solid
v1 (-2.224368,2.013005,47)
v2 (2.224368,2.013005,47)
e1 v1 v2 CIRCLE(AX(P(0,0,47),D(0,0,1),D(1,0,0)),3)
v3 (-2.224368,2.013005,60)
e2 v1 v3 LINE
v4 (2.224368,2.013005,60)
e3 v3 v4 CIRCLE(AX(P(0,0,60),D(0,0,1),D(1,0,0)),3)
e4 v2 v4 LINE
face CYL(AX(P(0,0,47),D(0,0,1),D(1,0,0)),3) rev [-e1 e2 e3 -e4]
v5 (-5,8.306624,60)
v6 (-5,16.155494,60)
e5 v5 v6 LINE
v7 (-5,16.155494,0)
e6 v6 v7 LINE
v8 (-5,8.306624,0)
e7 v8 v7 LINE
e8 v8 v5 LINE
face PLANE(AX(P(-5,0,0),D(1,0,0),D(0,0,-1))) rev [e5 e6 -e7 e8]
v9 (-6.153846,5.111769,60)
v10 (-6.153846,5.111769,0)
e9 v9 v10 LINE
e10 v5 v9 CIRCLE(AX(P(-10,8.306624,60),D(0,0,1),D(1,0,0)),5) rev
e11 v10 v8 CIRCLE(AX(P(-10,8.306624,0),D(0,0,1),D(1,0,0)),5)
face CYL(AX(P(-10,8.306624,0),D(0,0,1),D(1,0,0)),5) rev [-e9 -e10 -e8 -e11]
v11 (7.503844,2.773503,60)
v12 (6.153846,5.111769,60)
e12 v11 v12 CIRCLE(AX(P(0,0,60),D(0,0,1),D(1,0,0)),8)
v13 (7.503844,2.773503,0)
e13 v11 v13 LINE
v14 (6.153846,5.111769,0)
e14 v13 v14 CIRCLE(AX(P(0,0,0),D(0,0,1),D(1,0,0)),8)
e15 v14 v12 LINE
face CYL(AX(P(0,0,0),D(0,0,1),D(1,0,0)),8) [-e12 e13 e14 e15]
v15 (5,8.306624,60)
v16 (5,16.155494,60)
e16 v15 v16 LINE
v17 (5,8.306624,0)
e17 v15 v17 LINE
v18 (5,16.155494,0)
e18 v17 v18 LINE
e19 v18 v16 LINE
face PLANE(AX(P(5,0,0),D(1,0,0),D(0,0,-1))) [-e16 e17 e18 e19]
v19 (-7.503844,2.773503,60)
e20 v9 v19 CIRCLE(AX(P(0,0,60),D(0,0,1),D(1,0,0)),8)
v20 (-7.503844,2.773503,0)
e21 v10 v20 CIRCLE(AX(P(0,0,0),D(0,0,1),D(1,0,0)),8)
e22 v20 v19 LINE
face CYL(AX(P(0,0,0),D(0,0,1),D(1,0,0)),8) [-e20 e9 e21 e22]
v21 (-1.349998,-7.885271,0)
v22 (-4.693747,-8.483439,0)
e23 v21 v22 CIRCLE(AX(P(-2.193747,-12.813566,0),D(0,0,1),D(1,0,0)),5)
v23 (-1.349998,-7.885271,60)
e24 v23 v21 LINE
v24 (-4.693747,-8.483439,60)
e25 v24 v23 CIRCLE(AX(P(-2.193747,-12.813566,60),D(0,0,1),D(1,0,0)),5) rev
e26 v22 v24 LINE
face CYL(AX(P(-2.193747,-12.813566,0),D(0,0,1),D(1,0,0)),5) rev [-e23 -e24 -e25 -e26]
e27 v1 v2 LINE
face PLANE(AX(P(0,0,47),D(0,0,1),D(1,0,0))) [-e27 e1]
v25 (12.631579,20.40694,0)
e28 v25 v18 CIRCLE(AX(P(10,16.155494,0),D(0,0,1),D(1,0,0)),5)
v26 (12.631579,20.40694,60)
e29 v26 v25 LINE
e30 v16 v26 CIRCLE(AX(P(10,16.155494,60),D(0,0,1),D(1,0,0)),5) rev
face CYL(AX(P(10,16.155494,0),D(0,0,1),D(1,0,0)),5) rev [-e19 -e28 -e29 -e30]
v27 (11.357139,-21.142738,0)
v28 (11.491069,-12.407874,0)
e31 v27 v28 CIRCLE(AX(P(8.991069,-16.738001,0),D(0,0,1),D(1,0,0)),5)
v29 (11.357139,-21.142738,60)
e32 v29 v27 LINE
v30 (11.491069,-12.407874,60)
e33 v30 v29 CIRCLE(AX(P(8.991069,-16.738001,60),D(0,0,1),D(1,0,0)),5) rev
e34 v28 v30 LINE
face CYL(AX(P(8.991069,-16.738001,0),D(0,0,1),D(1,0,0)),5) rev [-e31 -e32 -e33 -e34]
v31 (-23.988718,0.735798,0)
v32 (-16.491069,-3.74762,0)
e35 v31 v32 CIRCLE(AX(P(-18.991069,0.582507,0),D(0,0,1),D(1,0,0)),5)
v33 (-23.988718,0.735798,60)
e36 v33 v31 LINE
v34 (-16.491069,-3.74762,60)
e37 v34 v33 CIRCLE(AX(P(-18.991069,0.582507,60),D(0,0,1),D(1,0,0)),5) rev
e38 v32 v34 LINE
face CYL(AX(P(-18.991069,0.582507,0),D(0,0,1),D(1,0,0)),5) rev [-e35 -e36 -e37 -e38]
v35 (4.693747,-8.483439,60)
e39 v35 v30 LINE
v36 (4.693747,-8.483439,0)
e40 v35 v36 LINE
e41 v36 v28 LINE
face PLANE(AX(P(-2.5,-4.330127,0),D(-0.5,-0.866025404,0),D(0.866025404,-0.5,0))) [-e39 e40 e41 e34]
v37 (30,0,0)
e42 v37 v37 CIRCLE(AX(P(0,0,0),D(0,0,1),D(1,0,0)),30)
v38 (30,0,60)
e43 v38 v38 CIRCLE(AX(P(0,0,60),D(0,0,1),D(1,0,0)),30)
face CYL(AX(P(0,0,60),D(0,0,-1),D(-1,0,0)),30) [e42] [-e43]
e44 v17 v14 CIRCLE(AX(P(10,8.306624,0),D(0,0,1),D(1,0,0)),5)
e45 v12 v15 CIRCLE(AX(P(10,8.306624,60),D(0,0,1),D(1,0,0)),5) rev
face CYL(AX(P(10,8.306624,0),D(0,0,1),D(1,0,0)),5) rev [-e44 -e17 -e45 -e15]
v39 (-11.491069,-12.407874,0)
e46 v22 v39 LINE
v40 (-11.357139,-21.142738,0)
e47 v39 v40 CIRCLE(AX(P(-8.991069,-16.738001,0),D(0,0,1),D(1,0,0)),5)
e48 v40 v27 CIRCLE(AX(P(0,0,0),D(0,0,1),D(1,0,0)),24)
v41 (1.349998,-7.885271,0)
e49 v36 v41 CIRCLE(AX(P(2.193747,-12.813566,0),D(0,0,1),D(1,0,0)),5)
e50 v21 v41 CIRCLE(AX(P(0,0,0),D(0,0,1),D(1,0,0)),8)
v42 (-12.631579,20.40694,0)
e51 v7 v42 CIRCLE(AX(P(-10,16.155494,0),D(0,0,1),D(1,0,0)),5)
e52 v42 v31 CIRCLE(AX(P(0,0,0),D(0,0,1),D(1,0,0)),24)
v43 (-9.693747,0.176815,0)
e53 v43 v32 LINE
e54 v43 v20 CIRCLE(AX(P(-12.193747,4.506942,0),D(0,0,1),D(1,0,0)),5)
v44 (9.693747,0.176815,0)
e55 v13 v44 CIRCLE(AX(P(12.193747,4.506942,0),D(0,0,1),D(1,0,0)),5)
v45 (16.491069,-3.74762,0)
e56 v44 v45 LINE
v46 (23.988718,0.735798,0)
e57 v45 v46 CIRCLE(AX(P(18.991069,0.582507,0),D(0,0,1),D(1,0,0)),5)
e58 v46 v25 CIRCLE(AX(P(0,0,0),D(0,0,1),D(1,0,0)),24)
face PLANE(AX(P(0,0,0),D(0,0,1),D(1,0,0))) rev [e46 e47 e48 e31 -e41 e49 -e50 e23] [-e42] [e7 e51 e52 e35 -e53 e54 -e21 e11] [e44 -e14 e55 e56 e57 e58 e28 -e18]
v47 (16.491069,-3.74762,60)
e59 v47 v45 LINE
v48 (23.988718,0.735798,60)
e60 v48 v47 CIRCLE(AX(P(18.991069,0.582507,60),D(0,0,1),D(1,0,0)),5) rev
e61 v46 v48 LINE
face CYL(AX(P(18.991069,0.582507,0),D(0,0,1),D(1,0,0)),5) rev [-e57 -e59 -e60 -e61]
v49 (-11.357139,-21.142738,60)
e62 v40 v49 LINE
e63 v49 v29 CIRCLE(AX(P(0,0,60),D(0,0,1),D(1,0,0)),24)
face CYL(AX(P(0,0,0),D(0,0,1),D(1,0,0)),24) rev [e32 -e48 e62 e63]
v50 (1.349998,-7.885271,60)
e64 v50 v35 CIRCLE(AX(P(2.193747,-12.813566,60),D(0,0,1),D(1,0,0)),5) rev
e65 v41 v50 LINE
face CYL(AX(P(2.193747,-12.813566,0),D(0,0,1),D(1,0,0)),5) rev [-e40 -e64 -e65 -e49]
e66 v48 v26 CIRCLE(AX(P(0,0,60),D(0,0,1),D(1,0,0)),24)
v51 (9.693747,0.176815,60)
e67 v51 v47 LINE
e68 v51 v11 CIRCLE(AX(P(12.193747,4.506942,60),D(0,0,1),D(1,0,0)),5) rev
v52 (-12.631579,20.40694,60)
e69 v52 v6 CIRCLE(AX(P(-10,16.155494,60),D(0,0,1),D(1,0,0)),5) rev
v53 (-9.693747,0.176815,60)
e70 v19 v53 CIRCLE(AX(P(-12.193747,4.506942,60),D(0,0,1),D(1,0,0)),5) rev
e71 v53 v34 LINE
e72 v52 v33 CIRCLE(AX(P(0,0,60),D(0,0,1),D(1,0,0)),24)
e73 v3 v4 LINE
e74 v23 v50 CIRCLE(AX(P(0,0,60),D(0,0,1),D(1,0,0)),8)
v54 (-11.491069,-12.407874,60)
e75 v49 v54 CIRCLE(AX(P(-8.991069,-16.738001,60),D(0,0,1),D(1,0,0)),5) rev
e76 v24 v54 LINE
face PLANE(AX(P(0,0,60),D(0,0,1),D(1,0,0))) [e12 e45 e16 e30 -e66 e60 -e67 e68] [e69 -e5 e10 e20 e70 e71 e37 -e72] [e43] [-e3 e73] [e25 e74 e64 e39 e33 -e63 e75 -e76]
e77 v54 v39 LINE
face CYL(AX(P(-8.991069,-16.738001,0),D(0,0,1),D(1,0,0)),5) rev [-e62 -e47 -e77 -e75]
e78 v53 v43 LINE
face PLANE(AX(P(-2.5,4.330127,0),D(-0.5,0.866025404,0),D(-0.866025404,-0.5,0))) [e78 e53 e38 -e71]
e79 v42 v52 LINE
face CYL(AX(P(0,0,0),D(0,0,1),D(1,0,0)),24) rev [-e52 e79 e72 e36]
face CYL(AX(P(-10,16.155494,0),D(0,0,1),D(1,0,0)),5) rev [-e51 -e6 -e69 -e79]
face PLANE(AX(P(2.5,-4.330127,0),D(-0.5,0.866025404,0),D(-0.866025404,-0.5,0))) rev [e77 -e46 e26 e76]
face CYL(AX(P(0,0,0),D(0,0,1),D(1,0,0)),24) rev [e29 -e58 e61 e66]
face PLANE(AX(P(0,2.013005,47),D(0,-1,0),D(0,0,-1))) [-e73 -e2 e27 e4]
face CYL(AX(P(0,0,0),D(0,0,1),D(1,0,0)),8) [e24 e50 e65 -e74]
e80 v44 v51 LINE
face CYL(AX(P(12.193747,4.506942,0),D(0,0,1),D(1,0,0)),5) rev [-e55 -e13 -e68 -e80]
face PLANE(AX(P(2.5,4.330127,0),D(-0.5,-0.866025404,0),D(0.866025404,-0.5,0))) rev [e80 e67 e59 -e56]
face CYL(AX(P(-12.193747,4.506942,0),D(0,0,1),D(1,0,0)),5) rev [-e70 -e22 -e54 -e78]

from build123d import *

# Parameters (mm, degrees)
SZKIC1_R                        = 30
DODANIE_WYCI_GNI_CIE1_DEPTH     = 60
WYTNIJ_WYCI_GNI_CIE1_DEPTH      = 74.484692283
WYTNIJ_WYCI_GNI_CIE1_DEPTH_BACK = 13
WYTNIJ_WYCI_GNI_CIE4_DEPTH      = 74.484692283
ZAOKR_GLENIE2_R                 = 5


with BuildPart() as part:
    # Szkic1 → Dodanie-wyciągnięcie1 (new body)
    with BuildSketch(Plane.XY):
        Circle(SZKIC1_R)
    extrude(amount=DODANIE_WYCI_GNI_CIE1_DEPTH)

    # Szkic3 → Wytnij-wyciągnięcie1 (cut, two sides: drawn at the far end of the back side and taken through both)
    with BuildSketch(Plane.XY.offset(60).offset(-WYTNIJ_WYCI_GNI_CIE1_DEPTH_BACK)):
        with BuildLine():
            Line((2.224367528, 2.013004993), (-2.224367528, 2.013004993))
            ThreePointArc((-2.224367528, 2.013004993), (0, -3), (2.224367528, 2.013004993))
        make_face()
    extrude(amount=WYTNIJ_WYCI_GNI_CIE1_DEPTH + WYTNIJ_WYCI_GNI_CIE1_DEPTH_BACK, mode=Mode.SUBTRACT)

    # Szkic4 → Wytnij-wyciągnięcie4 (cut, through all)
    with BuildSketch(Plane.XY.offset(60)):
        with BuildLine():
            ThreePointArc((-7.908326913, 1.20762802), (-6.92820323, 4), (-5, 6.244997998))
            Line((-5, 6.244997998), (-5, 23.473389189))
            ThreePointArc((-5, 23.473389189), (-20.784609691, 12), (-22.82855135, -7.406567575))
            Line((-22.82855135, -7.406567575), (-7.908326913, 1.20762802))
        make_face()
        with BuildLine():
            Line((5, 23.473389189), (5, 6.244997998))
            ThreePointArc((5, 6.244997998), (6.92820323, 4), (7.908326913, 1.20762802))
            Line((7.908326913, 1.20762802), (22.82855135, -7.406567575))
            ThreePointArc((22.82855135, -7.406567575), (23.705328857, -3.749317778), (24, 0))
            ThreePointArc((24, 0), (18.654758106, 15.099668871), (5, 23.473389189))
        make_face()
        with BuildLine():
            ThreePointArc((2.908326913, -7.452626018), (0, -8), (-2.908326913, -7.452626018))
            Line((-2.908326913, -7.452626018), (-17.82855135, -16.066821613))
            ThreePointArc((-17.82855135, -16.066821613), (0, -24), (17.82855135, -16.066821613))
            Line((17.82855135, -16.066821613), (2.908326913, -7.452626018))
        make_face()
    extrude(amount=-WYTNIJ_WYCI_GNI_CIE4_DEPTH, mode=Mode.SUBTRACT)

    # Zaokrąglenie2
    zaokr_glenie2_edges = [part.edges().sort_by_distance(p)[0] for p in [
        (-17.82855135, -16.066821613, 30),
        (-2.908326913, -7.452626018, 30),
        (2.908326913, -7.452626018, 30),
        (17.82855135, -16.066821613, 30),
        (22.82855135, -7.406567575, 30),
        (7.908326913, 1.20762802, 30),
        (5, 6.244997998, 30),
        (5, 23.473389189, 30),
        (-5, 23.473389189, 30),
        (-5, 6.244997998, 30),
        (-7.908326913, 1.20762802, 30),
        (-22.82855135, -7.406567575, 30),
    ]]
    fillet(zaokr_glenie2_edges, radius=ZAOKR_GLENIE2_R)


solid = part.part
